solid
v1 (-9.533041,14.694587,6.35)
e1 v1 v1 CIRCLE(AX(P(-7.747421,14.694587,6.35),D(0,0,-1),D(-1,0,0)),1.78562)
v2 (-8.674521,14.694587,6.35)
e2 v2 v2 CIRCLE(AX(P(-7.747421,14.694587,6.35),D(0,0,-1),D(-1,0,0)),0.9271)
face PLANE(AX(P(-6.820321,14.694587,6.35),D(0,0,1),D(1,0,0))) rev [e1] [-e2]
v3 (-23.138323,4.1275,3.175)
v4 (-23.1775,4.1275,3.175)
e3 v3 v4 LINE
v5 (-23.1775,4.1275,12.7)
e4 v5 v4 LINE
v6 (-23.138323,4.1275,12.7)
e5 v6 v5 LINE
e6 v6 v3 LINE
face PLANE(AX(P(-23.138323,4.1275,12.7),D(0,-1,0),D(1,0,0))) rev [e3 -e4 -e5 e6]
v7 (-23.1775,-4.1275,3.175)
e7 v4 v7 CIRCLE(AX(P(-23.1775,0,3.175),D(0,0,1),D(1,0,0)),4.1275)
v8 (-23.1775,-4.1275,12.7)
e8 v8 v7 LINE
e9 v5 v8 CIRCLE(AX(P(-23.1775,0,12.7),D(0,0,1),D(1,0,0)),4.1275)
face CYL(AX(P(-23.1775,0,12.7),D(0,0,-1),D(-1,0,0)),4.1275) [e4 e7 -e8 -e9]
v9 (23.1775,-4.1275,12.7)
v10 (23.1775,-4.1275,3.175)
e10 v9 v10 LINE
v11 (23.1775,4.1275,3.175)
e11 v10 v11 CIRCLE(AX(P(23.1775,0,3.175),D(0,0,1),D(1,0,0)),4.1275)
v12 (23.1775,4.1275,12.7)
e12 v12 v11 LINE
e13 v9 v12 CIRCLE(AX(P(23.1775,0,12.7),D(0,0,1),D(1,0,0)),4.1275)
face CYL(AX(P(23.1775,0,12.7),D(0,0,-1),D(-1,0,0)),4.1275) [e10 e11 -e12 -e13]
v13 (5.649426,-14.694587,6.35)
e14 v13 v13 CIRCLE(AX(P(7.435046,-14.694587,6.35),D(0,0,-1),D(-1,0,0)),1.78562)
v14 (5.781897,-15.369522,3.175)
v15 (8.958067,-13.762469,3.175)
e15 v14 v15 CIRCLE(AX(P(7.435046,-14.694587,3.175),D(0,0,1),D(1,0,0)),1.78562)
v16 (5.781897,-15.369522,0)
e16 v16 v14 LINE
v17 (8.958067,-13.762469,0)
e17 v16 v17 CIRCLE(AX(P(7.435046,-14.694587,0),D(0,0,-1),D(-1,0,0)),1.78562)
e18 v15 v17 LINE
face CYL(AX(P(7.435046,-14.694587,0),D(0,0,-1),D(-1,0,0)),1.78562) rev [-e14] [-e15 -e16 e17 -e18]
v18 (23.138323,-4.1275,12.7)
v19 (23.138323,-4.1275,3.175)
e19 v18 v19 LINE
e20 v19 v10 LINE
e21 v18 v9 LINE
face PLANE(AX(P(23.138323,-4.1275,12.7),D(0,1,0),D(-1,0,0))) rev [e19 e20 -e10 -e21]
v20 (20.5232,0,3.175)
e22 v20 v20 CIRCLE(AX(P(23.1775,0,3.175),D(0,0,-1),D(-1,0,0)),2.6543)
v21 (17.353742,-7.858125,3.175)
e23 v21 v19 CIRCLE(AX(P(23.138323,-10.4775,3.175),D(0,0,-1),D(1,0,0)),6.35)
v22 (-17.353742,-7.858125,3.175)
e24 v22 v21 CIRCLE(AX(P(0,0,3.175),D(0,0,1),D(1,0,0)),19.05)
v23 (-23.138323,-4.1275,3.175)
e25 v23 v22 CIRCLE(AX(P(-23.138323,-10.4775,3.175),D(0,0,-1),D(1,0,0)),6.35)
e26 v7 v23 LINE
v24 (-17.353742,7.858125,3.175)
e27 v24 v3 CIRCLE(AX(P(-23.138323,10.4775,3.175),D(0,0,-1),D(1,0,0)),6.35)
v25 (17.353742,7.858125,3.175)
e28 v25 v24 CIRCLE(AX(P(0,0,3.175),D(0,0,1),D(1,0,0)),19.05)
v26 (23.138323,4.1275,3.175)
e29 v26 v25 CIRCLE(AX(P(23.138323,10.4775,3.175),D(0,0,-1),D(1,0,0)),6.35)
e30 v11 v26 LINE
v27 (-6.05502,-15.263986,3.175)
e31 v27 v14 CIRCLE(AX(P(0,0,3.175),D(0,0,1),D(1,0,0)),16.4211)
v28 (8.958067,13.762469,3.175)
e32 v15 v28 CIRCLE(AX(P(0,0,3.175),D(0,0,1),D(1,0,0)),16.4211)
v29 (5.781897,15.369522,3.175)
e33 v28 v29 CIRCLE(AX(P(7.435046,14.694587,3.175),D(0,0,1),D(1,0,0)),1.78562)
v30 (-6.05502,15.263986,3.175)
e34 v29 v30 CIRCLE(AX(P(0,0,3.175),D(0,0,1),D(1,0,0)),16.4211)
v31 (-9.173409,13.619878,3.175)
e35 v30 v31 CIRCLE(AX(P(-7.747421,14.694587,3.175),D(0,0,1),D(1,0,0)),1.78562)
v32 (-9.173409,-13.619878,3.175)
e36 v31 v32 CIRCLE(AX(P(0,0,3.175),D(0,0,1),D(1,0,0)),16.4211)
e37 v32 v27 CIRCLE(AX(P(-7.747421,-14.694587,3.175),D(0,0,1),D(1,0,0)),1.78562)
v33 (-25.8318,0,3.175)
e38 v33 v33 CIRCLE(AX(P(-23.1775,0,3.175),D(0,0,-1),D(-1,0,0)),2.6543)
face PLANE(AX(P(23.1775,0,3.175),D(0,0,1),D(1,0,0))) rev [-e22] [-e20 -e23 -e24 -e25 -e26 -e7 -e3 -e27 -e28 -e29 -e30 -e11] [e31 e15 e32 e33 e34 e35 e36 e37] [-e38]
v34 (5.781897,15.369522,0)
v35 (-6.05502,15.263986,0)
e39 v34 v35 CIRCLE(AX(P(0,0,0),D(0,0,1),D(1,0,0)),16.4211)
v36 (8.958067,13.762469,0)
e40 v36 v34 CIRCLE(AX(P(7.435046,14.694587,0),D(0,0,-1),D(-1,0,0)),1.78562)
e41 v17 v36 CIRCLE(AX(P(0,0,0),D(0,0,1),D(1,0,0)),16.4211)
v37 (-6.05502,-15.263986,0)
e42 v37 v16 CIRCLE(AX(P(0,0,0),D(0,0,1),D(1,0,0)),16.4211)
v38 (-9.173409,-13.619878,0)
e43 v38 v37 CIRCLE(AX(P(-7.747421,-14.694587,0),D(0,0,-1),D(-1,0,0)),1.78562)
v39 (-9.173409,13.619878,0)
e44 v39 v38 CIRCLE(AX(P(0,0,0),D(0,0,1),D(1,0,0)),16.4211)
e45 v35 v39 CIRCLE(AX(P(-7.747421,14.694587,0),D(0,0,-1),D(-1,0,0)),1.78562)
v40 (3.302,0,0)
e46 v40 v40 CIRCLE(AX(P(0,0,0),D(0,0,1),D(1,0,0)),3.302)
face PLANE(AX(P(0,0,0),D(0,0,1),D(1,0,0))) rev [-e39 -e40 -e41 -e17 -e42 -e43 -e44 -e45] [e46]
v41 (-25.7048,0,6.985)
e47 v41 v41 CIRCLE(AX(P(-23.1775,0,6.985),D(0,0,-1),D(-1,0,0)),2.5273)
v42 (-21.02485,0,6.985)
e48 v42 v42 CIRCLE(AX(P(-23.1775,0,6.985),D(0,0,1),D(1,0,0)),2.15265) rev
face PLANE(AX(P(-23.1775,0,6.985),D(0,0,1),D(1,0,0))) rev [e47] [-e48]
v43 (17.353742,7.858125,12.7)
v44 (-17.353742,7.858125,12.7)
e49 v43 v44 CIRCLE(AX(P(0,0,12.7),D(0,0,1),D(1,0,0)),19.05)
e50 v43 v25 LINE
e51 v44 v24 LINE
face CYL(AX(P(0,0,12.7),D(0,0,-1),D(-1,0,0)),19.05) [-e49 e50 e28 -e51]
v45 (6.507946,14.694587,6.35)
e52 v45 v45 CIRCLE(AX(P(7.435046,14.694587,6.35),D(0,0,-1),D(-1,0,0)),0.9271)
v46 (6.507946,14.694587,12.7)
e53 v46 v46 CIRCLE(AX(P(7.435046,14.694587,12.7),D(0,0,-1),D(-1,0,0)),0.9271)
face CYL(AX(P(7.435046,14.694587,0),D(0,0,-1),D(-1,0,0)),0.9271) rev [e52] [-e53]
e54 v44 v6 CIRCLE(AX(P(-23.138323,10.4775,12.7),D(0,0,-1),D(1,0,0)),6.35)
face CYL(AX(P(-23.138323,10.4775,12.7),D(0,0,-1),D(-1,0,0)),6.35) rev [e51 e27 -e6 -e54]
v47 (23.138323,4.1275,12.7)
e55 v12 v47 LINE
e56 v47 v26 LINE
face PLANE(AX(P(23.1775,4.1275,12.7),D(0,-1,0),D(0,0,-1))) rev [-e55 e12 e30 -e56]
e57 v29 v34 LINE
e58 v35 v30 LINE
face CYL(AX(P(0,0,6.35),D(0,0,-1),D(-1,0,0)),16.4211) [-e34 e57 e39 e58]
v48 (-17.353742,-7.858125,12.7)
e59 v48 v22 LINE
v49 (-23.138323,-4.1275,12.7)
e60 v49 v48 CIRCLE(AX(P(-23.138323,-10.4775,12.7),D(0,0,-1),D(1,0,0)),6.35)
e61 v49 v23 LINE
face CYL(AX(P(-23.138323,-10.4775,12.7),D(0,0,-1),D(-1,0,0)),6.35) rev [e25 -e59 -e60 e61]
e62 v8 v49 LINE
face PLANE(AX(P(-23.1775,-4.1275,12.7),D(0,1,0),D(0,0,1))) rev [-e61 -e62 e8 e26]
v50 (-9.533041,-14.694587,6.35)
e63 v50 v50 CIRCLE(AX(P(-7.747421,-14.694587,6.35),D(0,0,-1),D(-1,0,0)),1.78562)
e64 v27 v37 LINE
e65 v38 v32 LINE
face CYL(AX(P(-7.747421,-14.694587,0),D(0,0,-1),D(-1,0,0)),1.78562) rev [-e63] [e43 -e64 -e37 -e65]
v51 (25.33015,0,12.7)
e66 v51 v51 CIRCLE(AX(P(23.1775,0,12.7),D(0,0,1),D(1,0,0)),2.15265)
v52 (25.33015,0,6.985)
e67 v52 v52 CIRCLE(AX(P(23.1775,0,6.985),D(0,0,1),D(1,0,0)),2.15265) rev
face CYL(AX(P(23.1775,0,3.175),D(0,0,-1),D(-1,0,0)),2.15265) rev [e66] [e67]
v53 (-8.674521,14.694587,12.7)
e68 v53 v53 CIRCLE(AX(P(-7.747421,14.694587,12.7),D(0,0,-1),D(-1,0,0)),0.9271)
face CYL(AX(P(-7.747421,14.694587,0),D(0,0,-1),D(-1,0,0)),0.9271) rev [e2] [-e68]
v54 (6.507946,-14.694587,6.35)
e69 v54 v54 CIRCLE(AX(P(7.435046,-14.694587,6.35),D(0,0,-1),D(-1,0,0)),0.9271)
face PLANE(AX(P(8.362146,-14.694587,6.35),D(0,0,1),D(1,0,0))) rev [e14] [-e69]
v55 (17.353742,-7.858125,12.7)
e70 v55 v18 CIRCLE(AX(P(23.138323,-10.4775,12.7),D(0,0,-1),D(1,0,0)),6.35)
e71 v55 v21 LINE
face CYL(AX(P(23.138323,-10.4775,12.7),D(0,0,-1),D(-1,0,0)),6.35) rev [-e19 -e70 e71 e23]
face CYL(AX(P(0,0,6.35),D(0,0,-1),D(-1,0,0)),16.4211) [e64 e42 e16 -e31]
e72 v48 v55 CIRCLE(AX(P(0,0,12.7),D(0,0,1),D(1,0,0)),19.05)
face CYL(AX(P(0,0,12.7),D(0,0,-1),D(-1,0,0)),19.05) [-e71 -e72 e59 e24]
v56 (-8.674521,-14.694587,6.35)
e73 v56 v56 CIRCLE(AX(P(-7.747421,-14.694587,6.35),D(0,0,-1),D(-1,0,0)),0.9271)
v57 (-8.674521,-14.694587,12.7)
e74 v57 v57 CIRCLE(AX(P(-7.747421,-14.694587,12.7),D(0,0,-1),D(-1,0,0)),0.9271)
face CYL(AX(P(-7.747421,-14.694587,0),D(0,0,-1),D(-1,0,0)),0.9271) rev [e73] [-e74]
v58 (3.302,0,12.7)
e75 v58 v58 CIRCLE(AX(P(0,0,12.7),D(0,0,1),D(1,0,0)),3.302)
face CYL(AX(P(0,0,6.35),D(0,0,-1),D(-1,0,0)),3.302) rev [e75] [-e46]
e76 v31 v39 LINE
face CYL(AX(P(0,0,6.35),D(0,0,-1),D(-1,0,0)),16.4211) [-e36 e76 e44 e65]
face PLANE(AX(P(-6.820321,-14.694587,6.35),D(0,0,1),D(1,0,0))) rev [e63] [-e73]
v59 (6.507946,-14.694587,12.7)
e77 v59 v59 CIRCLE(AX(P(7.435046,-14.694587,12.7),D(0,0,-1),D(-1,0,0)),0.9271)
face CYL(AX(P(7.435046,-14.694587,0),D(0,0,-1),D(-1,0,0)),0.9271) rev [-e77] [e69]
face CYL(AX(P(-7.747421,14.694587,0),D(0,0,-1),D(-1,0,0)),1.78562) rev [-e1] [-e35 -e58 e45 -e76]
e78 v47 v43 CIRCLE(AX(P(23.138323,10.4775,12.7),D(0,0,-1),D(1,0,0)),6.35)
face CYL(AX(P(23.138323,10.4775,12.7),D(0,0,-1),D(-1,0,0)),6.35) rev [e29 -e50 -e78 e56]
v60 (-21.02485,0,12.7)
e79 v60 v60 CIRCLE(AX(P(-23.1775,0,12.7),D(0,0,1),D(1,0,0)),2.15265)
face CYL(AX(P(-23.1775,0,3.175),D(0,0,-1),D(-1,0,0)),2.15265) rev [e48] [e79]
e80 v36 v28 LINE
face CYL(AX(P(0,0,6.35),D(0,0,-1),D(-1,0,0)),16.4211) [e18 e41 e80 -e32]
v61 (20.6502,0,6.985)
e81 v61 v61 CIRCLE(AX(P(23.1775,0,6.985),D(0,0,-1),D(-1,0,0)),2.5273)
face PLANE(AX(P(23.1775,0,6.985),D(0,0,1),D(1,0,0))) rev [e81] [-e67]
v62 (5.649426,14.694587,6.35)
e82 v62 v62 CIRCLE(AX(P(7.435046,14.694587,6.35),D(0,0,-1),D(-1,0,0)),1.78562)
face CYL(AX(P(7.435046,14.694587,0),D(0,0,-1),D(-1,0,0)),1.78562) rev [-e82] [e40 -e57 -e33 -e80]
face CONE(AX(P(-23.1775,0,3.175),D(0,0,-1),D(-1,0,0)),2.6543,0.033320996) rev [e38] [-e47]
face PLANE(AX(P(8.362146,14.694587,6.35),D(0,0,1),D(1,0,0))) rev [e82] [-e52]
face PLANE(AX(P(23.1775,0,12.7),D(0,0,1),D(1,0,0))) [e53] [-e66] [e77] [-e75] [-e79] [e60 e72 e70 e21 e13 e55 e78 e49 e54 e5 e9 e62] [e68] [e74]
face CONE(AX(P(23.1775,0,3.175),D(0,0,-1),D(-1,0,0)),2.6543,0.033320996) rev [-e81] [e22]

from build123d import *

# Parameters (mm, degrees)
SKETCH1_R                                       = 3.302
BOSS_EXTRUDE1_DEPTH                             = 6.35
SKETCH2_R                                       = 16.4211
BOSS_EXTRUDE3_DEPTH                             = 6.35
BOSS_EXTRUDE3_DEPTH_BACK                        = 3.175
F_6_CLEARANCE_HOLE1_D                           = 4.3053
F_6_CLEARANCE_HOLE1_DEPTH                       = 9.525
F_6_PLASTIC_INSERT_AT_2_COUNT                   = 2
F_6_PLASTIC_INSERT_AT_2_PITCH                   = 46.355
BOSS_EXTRUDE4_REACH                             = 14.7
SKETCH22_R                                      = 16.4211
SKETCH22_R_2                                    = 3.302
CBORE_FOR_0_PAN_HEAD_MACHINE_SCREW1_D           = 1.8542
CBORE_FOR_0_PAN_HEAD_MACHINE_SCREW1_CBORE_D     = 3.57124
CBORE_FOR_0_PAN_HEAD_MACHINE_SCREW1_CBORE_DEPTH = 6.35


with BuildPart() as part:
    # Sketch1 → Boss-Extrude1 (new body)
    with BuildSketch(Plane.XY):
        with BuildLine():
            ThreePointArc((16.170566439, -2.8575), (16.4211, 0), (16.170566439, 2.8575))
            ThreePointArc((16.170566439, 2.8575), (0, 16.4211), (-16.170566439, 2.8575))
            ThreePointArc((-16.170566439, 2.8575), (-16.4211, 0), (-16.170566439, -2.8575))
            ThreePointArc((-16.170566439, -2.8575), (0, -16.4211), (16.170566439, -2.8575))
        make_face()
        Circle(SKETCH1_R, mode=Mode.SUBTRACT)
    extrude(amount=BOSS_EXTRUDE1_DEPTH)

    # Sketch2 → Boss-Extrude3 (add, two sides)
    with BuildSketch(Plane.XY.offset(6.35)) as boss_extrude3_sk:
        with BuildLine():
            Line((23.1775, 4.1275), (23.138323054, 4.1275))
            ThreePointArc((23.138323054, 4.1275), (19.696705066, 5.14104372), (17.35374229, 7.858125))
            ThreePointArc((17.35374229, 7.858125), (0, 19.05), (-17.35374229, 7.858125))
            ThreePointArc((-17.35374229, 7.858125), (-19.696705066, 5.14104372), (-23.138323054, 4.1275))
            Line((-23.138323054, 4.1275), (-23.1775, 4.1275))
            ThreePointArc((-23.1775, 4.1275), (-27.305, 0), (-23.1775, -4.1275))
            Line((-23.1775, -4.1275), (-23.138323054, -4.1275))
            ThreePointArc((-23.138323054, -4.1275), (-19.696705066, -5.14104372), (-17.35374229, -7.858125))
            ThreePointArc((-17.35374229, -7.858125), (0, -19.05), (17.35374229, -7.858125))
            ThreePointArc((17.35374229, -7.858125), (19.696705066, -5.14104372), (23.138323054, -4.1275))
            Line((23.138323054, -4.1275), (23.1775, -4.1275))
            ThreePointArc((23.1775, -4.1275), (27.305, 0), (23.1775, 4.1275))
        make_face()
        Circle(SKETCH2_R, mode=Mode.SUBTRACT)
    extrude(amount=BOSS_EXTRUDE3_DEPTH)
    extrude(boss_extrude3_sk.sketch, amount=-BOSS_EXTRUDE3_DEPTH_BACK)

    # #6 Clearance Hole1
    with Locations(Plane(origin=(-22.699598292, 0.104385938, 3.175), x_dir=(-1, 0, 0), z_dir=(0, 0, -1))):
        with Locations((-45.877098292, -0.104385938), (0.477901708, -0.104385938)):
            Hole(F_6_CLEARANCE_HOLE1_D / 2, depth=F_6_CLEARANCE_HOLE1_DEPTH)

    # Sketch5 → #6 Plastic Insert (revolve, cut)
    with BuildSketch(Plane(origin=(23.1775, 0, 3.175), x_dir=(0, 1, 0), z_dir=(1, 0, 0))):
        Polygon((0, 0), (0, 3.81), (2.5273, 3.81), (2.6543, 0), align=None)
    f_6_plastic_insert = revolve(axis=Axis((23.1775, 0, 113.175), (0, 0, -1)), mode=Mode.SUBTRACT)

    # #6 Plastic Insert at 2: #6 Plastic Insert ×2
    with Locations(*[(-i * F_6_PLASTIC_INSERT_AT_2_PITCH, 0, 0) for i in range(1, F_6_PLASTIC_INSERT_AT_2_COUNT)]):
        add(f_6_plastic_insert, mode=Mode.SUBTRACT)

    # Sketch22 → Boss-Extrude4 (add, up to next)
    with BuildSketch(Plane.XY.offset(12.7), mode=Mode.PRIVATE) as boss_extrude4_sk1:
        Circle(SKETCH22_R)
        Circle(SKETCH22_R_2, mode=Mode.SUBTRACT)
    boss_extrude4_tool1 = extrude(boss_extrude4_sk1.sketch, amount=-BOSS_EXTRUDE4_REACH, mode=Mode.PRIVATE) - part.part
    add(boss_extrude4_tool1.solids().sort_by_distance((-15.956641, 0, 12.7))[0])

    # CBORE for #0 Pan Head Machine Screw1 (through all)
    with Locations(Plane(origin=(0, 0, 0), x_dir=(-1, 0, 0), z_dir=(0, 0, -1))):
        with Locations((-7.435045578, 14.69458661), (7.747421379, 14.69458661), (7.747421379, -14.69458661), (-7.435045578, -14.69458661)):
            CounterBoreHole(CBORE_FOR_0_PAN_HEAD_MACHINE_SCREW1_D / 2, CBORE_FOR_0_PAN_HEAD_MACHINE_SCREW1_CBORE_D / 2, CBORE_FOR_0_PAN_HEAD_MACHINE_SCREW1_CBORE_DEPTH)


solid = part.part
